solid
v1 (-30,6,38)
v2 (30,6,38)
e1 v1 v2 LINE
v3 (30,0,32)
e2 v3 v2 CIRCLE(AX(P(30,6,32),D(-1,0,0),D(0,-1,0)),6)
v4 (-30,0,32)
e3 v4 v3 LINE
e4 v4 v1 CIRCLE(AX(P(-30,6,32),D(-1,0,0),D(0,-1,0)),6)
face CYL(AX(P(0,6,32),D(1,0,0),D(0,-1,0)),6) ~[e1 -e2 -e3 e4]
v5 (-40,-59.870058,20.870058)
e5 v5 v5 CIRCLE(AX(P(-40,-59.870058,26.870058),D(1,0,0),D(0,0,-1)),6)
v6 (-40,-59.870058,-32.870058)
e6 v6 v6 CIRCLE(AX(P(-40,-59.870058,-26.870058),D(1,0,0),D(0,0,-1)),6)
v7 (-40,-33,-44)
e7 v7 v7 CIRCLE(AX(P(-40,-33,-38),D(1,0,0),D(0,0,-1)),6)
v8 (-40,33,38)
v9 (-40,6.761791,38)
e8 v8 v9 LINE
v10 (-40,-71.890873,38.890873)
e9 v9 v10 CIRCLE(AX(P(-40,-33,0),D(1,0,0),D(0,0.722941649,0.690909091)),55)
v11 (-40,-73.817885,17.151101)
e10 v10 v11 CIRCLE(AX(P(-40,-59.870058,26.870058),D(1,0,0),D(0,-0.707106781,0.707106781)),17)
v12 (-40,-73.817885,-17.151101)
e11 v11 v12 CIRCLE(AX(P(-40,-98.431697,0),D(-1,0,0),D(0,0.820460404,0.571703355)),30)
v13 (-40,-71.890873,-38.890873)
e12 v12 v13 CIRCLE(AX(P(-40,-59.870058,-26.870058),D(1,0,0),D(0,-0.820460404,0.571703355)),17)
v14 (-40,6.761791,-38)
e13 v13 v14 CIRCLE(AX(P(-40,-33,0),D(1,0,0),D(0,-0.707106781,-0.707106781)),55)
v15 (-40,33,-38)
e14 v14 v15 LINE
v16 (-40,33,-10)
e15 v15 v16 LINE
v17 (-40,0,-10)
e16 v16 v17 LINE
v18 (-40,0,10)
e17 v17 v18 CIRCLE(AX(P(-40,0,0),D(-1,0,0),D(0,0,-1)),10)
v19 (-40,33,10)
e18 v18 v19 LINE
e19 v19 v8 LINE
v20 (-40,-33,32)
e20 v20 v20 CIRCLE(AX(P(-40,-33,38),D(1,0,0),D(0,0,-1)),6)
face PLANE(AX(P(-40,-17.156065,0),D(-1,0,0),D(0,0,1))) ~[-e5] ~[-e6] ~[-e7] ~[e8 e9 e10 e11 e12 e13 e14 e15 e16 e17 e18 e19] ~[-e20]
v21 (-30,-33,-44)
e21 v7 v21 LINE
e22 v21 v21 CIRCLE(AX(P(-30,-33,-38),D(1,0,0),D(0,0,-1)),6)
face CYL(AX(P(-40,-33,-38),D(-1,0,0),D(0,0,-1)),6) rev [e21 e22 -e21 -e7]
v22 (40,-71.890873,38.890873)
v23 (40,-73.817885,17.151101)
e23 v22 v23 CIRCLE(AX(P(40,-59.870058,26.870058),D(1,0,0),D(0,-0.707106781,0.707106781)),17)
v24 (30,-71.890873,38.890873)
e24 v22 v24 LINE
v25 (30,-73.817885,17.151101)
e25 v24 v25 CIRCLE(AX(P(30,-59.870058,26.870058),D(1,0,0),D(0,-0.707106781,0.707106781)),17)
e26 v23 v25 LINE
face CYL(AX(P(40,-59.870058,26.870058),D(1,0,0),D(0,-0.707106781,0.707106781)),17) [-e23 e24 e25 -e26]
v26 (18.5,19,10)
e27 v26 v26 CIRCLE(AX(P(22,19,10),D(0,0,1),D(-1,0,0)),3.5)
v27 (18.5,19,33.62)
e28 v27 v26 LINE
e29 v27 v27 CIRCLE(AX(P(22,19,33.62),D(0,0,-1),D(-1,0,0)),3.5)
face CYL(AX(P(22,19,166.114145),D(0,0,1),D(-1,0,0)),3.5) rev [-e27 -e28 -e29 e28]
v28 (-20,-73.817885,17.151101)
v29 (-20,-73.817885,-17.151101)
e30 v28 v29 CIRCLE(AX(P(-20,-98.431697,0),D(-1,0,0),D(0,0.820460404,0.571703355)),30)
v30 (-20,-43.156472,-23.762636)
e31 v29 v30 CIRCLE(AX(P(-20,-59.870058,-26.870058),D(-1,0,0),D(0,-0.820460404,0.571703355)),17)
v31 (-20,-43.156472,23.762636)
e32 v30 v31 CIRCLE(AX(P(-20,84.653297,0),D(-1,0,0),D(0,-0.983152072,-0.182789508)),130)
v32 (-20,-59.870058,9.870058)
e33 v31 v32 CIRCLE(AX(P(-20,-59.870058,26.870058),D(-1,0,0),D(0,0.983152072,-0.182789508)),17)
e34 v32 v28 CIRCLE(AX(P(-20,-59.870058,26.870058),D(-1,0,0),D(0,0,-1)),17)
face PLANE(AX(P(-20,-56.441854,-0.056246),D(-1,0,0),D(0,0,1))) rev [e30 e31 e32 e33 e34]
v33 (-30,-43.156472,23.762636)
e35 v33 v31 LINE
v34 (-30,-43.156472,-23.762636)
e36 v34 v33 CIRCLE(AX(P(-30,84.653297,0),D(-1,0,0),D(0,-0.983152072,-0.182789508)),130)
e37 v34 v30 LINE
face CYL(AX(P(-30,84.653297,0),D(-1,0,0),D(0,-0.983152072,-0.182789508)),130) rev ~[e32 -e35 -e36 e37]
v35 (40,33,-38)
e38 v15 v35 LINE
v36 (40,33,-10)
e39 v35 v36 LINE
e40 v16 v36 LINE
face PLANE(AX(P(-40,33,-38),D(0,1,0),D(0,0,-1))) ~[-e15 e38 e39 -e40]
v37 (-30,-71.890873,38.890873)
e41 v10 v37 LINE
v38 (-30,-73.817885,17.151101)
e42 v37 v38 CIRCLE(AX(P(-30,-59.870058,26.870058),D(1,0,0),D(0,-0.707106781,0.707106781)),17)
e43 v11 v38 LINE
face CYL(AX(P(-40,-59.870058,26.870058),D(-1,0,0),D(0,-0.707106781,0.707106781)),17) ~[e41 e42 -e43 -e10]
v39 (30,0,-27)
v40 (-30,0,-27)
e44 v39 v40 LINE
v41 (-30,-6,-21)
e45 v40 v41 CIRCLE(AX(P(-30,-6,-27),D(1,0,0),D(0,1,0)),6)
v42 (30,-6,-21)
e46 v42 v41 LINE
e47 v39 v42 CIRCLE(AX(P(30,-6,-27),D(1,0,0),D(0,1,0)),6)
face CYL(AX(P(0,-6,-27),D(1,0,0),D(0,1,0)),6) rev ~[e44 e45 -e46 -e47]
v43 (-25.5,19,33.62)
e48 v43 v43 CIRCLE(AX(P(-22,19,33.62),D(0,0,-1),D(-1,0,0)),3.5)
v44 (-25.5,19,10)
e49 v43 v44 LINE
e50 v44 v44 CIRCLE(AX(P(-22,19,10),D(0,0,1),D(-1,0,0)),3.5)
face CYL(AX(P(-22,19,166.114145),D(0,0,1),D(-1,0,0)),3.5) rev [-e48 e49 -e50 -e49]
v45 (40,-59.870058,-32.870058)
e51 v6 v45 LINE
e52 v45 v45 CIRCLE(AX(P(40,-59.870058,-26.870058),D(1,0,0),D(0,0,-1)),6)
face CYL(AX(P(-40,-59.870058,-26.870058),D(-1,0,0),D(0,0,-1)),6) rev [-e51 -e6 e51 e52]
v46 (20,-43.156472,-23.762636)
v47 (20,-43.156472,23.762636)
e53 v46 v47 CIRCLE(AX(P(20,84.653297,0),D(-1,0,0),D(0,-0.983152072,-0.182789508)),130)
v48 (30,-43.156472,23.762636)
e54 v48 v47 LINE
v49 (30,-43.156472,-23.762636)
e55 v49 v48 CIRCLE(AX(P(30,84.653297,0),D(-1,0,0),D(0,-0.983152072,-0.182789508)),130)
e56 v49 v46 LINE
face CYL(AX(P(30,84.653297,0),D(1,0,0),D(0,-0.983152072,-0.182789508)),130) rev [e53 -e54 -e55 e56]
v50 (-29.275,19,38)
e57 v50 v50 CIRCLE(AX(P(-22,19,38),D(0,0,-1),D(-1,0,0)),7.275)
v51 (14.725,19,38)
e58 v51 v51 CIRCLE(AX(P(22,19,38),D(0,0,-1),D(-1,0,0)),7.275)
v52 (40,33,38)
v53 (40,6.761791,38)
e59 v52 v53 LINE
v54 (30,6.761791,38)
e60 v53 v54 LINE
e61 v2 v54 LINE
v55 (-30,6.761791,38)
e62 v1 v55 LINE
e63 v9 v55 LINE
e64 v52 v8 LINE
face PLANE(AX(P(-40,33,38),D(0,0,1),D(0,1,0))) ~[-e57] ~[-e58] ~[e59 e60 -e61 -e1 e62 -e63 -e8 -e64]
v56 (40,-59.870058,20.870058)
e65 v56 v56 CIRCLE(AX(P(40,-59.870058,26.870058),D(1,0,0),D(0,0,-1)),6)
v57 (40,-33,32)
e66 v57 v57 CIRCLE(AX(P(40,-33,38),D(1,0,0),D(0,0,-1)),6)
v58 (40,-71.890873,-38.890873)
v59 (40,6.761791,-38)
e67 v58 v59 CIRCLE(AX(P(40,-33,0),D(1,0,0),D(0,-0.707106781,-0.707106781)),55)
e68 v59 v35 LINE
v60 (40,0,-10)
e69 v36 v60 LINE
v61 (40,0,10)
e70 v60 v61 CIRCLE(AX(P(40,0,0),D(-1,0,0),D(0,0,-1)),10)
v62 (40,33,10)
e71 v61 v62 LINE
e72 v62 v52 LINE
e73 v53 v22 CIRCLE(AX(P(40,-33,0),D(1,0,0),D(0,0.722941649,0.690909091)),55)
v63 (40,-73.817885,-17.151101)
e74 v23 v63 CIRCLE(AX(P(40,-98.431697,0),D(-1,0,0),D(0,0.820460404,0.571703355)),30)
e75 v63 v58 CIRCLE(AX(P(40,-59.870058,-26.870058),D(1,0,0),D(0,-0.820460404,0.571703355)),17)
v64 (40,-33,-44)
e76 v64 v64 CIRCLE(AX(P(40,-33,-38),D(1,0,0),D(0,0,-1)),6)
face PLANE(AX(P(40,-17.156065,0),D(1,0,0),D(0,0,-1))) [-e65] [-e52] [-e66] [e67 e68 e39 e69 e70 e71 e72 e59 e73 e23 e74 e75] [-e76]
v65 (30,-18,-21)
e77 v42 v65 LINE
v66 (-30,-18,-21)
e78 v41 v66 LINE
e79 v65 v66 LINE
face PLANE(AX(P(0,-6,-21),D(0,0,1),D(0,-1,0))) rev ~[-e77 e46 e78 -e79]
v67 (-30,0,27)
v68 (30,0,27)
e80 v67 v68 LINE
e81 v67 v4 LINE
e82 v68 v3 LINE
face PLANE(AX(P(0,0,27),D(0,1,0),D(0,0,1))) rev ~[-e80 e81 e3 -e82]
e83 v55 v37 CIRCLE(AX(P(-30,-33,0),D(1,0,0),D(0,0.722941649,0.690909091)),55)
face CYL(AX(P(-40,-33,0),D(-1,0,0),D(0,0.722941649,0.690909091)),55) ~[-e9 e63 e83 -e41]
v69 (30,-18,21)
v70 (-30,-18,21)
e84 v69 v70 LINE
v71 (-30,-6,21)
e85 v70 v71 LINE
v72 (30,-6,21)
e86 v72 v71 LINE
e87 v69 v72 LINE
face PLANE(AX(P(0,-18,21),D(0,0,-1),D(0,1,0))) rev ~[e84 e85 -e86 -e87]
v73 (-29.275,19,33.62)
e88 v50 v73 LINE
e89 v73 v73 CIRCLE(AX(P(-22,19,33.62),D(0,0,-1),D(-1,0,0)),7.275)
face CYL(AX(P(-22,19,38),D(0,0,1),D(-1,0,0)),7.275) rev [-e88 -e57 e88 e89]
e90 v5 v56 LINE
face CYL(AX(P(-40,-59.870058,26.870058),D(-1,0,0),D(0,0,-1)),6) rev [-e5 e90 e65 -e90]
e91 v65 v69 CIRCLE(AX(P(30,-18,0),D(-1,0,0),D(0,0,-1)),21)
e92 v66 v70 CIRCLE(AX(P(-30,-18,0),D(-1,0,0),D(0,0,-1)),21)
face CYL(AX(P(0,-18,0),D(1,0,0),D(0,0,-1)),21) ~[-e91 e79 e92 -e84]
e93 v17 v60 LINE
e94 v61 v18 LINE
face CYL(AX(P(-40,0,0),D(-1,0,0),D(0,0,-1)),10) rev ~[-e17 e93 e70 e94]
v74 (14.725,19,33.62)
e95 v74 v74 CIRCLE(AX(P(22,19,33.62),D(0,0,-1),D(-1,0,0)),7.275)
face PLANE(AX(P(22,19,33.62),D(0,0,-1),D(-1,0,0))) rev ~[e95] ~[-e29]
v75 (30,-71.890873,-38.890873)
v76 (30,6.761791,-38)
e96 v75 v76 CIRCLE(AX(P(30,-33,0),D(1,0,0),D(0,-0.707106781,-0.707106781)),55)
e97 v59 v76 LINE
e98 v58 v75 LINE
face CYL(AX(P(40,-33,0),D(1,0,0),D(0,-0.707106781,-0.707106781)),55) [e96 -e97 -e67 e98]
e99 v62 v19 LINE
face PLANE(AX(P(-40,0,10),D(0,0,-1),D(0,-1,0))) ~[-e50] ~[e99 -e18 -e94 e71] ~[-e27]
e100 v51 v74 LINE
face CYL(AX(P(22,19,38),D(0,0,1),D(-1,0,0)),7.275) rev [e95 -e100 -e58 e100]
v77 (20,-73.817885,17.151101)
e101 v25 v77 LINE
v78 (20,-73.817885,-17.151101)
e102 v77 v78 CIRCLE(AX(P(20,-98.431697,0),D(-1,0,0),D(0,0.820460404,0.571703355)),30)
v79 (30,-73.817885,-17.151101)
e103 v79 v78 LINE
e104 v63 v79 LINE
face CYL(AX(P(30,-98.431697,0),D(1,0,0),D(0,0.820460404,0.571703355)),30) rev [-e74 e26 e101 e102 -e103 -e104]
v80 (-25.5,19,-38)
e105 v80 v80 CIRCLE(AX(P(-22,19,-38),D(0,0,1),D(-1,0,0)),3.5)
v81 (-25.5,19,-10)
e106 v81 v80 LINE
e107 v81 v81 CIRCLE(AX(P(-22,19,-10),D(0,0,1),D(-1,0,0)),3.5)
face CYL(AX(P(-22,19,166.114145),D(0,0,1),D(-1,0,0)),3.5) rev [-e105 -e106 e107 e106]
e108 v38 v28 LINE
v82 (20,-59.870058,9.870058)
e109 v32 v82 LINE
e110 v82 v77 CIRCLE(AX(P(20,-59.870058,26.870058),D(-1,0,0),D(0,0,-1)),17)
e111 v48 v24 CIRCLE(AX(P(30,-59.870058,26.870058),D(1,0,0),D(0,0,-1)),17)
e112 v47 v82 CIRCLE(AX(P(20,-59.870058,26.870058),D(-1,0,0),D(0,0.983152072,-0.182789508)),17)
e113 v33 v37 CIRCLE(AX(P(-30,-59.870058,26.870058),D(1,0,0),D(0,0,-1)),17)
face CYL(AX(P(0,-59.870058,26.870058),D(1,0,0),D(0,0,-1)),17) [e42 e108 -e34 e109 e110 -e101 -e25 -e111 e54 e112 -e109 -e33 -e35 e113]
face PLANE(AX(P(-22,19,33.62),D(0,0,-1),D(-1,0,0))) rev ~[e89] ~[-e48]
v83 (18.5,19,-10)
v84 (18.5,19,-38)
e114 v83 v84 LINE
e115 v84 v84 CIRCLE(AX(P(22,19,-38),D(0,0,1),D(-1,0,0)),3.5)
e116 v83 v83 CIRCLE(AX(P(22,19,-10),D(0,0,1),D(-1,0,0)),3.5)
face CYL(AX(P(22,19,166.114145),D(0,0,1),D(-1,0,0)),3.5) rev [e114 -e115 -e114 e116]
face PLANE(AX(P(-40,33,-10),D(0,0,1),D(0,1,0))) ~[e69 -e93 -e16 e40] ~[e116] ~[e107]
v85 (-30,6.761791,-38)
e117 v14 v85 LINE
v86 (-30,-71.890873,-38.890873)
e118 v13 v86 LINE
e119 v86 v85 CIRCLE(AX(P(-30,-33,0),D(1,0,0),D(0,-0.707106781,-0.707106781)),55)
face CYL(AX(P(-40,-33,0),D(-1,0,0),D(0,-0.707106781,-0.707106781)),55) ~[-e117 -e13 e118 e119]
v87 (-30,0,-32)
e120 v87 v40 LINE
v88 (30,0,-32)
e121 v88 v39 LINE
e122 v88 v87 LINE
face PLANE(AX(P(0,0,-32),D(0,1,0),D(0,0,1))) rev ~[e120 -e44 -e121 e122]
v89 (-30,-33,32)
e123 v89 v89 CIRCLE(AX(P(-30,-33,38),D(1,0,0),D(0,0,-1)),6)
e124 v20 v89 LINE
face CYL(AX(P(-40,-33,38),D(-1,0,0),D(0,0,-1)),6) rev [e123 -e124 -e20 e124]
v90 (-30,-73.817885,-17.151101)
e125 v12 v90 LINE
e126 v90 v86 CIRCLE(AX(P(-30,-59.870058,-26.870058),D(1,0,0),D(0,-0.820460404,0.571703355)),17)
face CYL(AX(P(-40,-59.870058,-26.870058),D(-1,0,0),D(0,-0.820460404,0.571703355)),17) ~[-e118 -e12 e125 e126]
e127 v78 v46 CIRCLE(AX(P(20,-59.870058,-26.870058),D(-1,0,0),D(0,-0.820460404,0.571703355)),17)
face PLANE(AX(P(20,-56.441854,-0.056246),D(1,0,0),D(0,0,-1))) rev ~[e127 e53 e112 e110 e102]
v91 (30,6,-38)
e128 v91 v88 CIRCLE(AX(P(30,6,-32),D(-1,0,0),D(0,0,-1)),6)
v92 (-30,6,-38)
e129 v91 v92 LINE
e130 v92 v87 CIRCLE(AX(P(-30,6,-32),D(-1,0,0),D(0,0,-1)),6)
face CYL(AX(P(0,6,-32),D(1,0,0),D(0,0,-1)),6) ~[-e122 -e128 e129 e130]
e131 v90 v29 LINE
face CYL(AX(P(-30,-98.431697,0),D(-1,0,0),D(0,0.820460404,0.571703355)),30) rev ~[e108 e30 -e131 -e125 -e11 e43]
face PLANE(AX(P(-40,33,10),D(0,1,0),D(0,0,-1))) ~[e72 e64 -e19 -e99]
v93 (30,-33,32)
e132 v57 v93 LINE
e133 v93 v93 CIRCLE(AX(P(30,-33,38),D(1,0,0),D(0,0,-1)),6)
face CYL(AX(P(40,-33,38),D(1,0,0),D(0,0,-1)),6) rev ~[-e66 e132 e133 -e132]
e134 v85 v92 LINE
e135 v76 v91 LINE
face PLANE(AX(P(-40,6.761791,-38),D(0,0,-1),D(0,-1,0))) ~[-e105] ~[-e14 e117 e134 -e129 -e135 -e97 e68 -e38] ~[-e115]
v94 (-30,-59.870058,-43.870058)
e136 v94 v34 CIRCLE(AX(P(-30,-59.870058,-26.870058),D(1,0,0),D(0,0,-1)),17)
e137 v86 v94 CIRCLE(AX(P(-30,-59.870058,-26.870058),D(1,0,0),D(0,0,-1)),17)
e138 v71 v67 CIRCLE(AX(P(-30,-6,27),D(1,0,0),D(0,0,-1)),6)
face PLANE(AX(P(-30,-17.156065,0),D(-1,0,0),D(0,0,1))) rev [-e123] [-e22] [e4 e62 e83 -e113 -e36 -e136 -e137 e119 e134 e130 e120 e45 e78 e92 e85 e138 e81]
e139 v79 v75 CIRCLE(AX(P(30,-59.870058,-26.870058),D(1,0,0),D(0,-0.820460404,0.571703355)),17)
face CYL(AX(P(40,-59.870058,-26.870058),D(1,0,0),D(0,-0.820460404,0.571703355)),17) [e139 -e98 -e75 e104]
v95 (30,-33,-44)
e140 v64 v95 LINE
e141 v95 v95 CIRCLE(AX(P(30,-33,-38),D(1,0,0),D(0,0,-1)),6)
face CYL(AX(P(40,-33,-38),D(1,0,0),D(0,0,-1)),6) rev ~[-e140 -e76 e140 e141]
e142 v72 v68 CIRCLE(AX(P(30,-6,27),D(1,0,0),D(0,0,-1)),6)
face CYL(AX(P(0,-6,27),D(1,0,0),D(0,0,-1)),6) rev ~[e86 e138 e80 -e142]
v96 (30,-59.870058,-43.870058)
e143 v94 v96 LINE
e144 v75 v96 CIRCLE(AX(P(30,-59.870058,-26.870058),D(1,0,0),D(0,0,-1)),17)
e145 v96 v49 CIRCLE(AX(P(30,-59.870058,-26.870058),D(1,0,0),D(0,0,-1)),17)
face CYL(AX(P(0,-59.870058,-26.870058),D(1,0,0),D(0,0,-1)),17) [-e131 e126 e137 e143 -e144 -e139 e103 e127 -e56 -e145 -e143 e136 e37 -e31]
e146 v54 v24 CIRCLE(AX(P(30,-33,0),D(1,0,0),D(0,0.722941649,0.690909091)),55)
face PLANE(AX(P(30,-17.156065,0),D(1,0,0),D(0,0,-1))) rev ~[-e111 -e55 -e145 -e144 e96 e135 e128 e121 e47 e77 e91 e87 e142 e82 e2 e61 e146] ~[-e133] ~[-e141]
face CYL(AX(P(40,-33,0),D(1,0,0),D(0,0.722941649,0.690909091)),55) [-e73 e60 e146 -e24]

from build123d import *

# Parameters (mm, degrees)
SKETCH3_R               = 17
BOSS_EXTRUDE1_DEPTH     = 30
BOSS_EXTRUDE1_2_DEPTH   = 30
BOSS_EXTRUDE1_3_DEPTH   = 30
BOSS_EXTRUDE2_START     = 10
SKETCH4_R               = 6
BOSS_EXTRUDE2_DEPTH     = 10
CUT_EXTRUDE1_DEPTH      = 112.955374005
CUT_EXTRUDE1_DEPTH_BACK = 112.955374005
SKETCH4_4_R             = 6
SKETCH5_R               = 7.275
SKETCH5_R_2             = 3.5
CUT_EXTRUDE2_DEPTH      = 4.38
CUT_EXTRUDE3_DEPTH      = 128.114144644
CUT_EXTRUDE3_DEPTH_BACK = 128.114144644
SKETCH5_2_R             = 3.5
BOSS_EXTRUDE3_DEPTH     = 10


with BuildPart() as part:
    # Sketch3 → Boss-Extrude1 (new, symmetric)
    with BuildSketch(Plane(origin=(0, 0, 0), x_dir=(0, 0, -1), z_dir=(1, 0, 0))):
        with Locations((-26.870057685, -59.870057685)):
            Circle(SKETCH3_R)
    extrude(amount=BOSS_EXTRUDE1_DEPTH, both=True)



with BuildPart() as body_2:
    # Sketch3 → Boss-Extrude1 2 (new, symmetric)
    with BuildSketch(Plane(origin=(0, 0, 0), x_dir=(0, 0, -1), z_dir=(1, 0, 0))):
        with Locations((26.870057685, -59.870057685)):
            Circle(SKETCH3_R)
    extrude(amount=BOSS_EXTRUDE1_2_DEPTH, both=True)


with BuildPart() as body_3:
    # Sketch3 → Boss-Extrude1 3 (new, symmetric)
    with BuildSketch(Plane(origin=(0, 0, 0), x_dir=(0, 0, -1), z_dir=(1, 0, 0))):
        with BuildLine():
            Line((-38, 6), (-38, 33))
            Line((-38, 33), (-10, 33))
            Line((-10, 33), (-10, 0))
            ThreePointArc((-10, 0), (0, -10), (10, 0))
            Line((10, 0), (10, 33))
            Line((10, 33), (38, 33))
            Line((38, 33), (38, 6))
            ThreePointArc((38, 6), (36.242640687, 1.757359313), (32, 0))
            Line((32, 0), (27, 0))
            ThreePointArc((27, 0), (22.757359313, -1.757359313), (21, -6))
            Line((21, -6), (21, -18))
            ThreePointArc((21, -18), (0, -39), (-21, -18))
            Line((-21, -18), (-21, -6))
            ThreePointArc((-21, -6), (-22.757359313, -1.757359313), (-27, 0))
            Line((-27, 0), (-32, 0))
            ThreePointArc((-32, 0), (-36.242640687, 1.757359313), (-38, 6))
        make_face()
    extrude(amount=BOSS_EXTRUDE1_3_DEPTH, both=True)


with BuildPart() as part_1:
    add(part.part)

    add(body_2.part)  # Boss-Extrude2 merges body 2

    add(body_3.part)  # Boss-Extrude2 merges body 3
    # Sketch4 → Boss-Extrude2 (add)
    with BuildSketch(Plane(origin=(30, 0, 0), x_dir=(0, 0, -1), z_dir=(1, 0, 0)).offset(BOSS_EXTRUDE2_START)):
        with BuildLine():
            ThreePointArc((-17.15110065, -73.817884546), (0, -68.431696654), (17.15110065, -73.817884546))
            ThreePointArc((17.15110065, -73.817884546), (28.371051107, -76.803663879), (38.890872965, -71.890872965))
            ThreePointArc((38.890872965, -71.890872965), (54.996472268, -32.377072968), (38, 6.761790704))
            Line((38, 6.761790704), (38, 33))
            Line((38, 33), (10, 33))
            Line((10, 33), (10, 0))
            ThreePointArc((10, 0), (0, -10), (-10, 0))
            Line((-10, 0), (-10, 33))
            Line((-10, 33), (-38, 33))
            Line((-38, 33), (-38, 6.761790704))
            ThreePointArc((-38, 6.761790704), (-54.996472268, -32.377072968), (-38.890872965, -71.890872965))
            ThreePointArc((-38.890872965, -71.890872965), (-28.371051107, -76.803663879), (-17.15110065, -73.817884546))
        make_face()
        with Locations((-26.870057685, -59.870057685)):
            Circle(SKETCH4_R, mode=Mode.SUBTRACT)
        with Locations((-38, -33)):
            Circle(SKETCH4_R, mode=Mode.SUBTRACT)
        with Locations((38, -33)):
            Circle(SKETCH4_R, mode=Mode.SUBTRACT)
        with Locations((26.870057685, -59.870057685)):
            Circle(SKETCH4_R, mode=Mode.SUBTRACT)
    boss_extrude2 = extrude(amount=-BOSS_EXTRUDE2_DEPTH)

    # Sketch4<4> → Cut-Extrude1 (cut, two sides: drawn at the far end of the back side and taken through both)
    with BuildSketch(Plane(origin=(30, 0, 0), x_dir=(0, 0, -1), z_dir=(1, 0, 0)).offset(-CUT_EXTRUDE1_DEPTH_BACK)):
        with Locations((-26.870057685, -59.870057685)):
            Circle(SKETCH4_4_R)
        with Locations((26.870057685, -59.870057685)):
            Circle(SKETCH4_4_R)
    extrude(amount=CUT_EXTRUDE1_DEPTH + CUT_EXTRUDE1_DEPTH_BACK, mode=Mode.SUBTRACT)

    # Mirror1: Boss-Extrude2 across plane
    add(boss_extrude2.mirror(Plane(origin=(0, 0, 0), x_dir=(0, 0, 1), z_dir=(1, 0, 0))))

    # Sketch5 → Cut-Extrude2 (cut)
    # profile 1 of 2: a face of its own
    with BuildSketch(Plane(origin=(0, 0, 38), x_dir=(-1, 0, 0), z_dir=(0, 0, -1))):
        with Locations((22, 19)):
            Circle(SKETCH5_R)
        with Locations((22, 19)):
            Circle(SKETCH5_R_2, mode=Mode.SUBTRACT)
    # profile 2 of 2: a face of its own
    with BuildSketch(Plane(origin=(0, 0, 38), x_dir=(-1, 0, 0), z_dir=(0, 0, -1))):
        with Locations((-22, 19)):
            Circle(SKETCH5_R)
        with Locations((-22, 19)):
            Circle(SKETCH5_R_2, mode=Mode.SUBTRACT)
    extrude(amount=CUT_EXTRUDE2_DEPTH, mode=Mode.SUBTRACT)

    # Sketch5<2> → Cut-Extrude3 (cut, two sides: drawn at the far end of the back side and taken through both)
    with BuildSketch(Plane(origin=(0, 0, 38), x_dir=(-1, 0, 0), z_dir=(0, 0, -1)).offset(-CUT_EXTRUDE3_DEPTH_BACK)):
        with Locations((22, 19)):
            Circle(SKETCH5_2_R)
        with Locations((-22, 19)):
            Circle(SKETCH5_2_R)
    extrude(amount=CUT_EXTRUDE3_DEPTH + CUT_EXTRUDE3_DEPTH_BACK, mode=Mode.SUBTRACT)

    # Sketch4<5> → Boss-Extrude3 (add)
    with BuildSketch(Plane(origin=(30, 0, 0), x_dir=(0, 0, -1), z_dir=(1, 0, 0))):
        with BuildLine():
            ThreePointArc((23.762636048, -43.156472469), (0, -45.346703171), (-23.762636048, -43.156472469))
            ThreePointArc((-23.762636048, -43.156472469), (-13.796684596, -49.003277293), (-9.870057685, -59.870057685))
            ThreePointArc((-9.870057685, -59.870057685), (-11.799850825, -67.737005327), (-17.15110065, -73.817884546))
            ThreePointArc((-17.15110065, -73.817884546), (0, -68.431696654), (17.15110065, -73.817884546))
            ThreePointArc((17.15110065, -73.817884546), (10.25200891, -56.286699637), (23.762636048, -43.156472469))
        make_face()
    boss_extrude3 = extrude(amount=-BOSS_EXTRUDE3_DEPTH)

    # Mirror2: Boss-Extrude3 across plane
    add(boss_extrude3.mirror(Plane(origin=(0, 0, 0), x_dir=(0, 0, 1), z_dir=(1, 0, 0))))


solid = part_1.part
